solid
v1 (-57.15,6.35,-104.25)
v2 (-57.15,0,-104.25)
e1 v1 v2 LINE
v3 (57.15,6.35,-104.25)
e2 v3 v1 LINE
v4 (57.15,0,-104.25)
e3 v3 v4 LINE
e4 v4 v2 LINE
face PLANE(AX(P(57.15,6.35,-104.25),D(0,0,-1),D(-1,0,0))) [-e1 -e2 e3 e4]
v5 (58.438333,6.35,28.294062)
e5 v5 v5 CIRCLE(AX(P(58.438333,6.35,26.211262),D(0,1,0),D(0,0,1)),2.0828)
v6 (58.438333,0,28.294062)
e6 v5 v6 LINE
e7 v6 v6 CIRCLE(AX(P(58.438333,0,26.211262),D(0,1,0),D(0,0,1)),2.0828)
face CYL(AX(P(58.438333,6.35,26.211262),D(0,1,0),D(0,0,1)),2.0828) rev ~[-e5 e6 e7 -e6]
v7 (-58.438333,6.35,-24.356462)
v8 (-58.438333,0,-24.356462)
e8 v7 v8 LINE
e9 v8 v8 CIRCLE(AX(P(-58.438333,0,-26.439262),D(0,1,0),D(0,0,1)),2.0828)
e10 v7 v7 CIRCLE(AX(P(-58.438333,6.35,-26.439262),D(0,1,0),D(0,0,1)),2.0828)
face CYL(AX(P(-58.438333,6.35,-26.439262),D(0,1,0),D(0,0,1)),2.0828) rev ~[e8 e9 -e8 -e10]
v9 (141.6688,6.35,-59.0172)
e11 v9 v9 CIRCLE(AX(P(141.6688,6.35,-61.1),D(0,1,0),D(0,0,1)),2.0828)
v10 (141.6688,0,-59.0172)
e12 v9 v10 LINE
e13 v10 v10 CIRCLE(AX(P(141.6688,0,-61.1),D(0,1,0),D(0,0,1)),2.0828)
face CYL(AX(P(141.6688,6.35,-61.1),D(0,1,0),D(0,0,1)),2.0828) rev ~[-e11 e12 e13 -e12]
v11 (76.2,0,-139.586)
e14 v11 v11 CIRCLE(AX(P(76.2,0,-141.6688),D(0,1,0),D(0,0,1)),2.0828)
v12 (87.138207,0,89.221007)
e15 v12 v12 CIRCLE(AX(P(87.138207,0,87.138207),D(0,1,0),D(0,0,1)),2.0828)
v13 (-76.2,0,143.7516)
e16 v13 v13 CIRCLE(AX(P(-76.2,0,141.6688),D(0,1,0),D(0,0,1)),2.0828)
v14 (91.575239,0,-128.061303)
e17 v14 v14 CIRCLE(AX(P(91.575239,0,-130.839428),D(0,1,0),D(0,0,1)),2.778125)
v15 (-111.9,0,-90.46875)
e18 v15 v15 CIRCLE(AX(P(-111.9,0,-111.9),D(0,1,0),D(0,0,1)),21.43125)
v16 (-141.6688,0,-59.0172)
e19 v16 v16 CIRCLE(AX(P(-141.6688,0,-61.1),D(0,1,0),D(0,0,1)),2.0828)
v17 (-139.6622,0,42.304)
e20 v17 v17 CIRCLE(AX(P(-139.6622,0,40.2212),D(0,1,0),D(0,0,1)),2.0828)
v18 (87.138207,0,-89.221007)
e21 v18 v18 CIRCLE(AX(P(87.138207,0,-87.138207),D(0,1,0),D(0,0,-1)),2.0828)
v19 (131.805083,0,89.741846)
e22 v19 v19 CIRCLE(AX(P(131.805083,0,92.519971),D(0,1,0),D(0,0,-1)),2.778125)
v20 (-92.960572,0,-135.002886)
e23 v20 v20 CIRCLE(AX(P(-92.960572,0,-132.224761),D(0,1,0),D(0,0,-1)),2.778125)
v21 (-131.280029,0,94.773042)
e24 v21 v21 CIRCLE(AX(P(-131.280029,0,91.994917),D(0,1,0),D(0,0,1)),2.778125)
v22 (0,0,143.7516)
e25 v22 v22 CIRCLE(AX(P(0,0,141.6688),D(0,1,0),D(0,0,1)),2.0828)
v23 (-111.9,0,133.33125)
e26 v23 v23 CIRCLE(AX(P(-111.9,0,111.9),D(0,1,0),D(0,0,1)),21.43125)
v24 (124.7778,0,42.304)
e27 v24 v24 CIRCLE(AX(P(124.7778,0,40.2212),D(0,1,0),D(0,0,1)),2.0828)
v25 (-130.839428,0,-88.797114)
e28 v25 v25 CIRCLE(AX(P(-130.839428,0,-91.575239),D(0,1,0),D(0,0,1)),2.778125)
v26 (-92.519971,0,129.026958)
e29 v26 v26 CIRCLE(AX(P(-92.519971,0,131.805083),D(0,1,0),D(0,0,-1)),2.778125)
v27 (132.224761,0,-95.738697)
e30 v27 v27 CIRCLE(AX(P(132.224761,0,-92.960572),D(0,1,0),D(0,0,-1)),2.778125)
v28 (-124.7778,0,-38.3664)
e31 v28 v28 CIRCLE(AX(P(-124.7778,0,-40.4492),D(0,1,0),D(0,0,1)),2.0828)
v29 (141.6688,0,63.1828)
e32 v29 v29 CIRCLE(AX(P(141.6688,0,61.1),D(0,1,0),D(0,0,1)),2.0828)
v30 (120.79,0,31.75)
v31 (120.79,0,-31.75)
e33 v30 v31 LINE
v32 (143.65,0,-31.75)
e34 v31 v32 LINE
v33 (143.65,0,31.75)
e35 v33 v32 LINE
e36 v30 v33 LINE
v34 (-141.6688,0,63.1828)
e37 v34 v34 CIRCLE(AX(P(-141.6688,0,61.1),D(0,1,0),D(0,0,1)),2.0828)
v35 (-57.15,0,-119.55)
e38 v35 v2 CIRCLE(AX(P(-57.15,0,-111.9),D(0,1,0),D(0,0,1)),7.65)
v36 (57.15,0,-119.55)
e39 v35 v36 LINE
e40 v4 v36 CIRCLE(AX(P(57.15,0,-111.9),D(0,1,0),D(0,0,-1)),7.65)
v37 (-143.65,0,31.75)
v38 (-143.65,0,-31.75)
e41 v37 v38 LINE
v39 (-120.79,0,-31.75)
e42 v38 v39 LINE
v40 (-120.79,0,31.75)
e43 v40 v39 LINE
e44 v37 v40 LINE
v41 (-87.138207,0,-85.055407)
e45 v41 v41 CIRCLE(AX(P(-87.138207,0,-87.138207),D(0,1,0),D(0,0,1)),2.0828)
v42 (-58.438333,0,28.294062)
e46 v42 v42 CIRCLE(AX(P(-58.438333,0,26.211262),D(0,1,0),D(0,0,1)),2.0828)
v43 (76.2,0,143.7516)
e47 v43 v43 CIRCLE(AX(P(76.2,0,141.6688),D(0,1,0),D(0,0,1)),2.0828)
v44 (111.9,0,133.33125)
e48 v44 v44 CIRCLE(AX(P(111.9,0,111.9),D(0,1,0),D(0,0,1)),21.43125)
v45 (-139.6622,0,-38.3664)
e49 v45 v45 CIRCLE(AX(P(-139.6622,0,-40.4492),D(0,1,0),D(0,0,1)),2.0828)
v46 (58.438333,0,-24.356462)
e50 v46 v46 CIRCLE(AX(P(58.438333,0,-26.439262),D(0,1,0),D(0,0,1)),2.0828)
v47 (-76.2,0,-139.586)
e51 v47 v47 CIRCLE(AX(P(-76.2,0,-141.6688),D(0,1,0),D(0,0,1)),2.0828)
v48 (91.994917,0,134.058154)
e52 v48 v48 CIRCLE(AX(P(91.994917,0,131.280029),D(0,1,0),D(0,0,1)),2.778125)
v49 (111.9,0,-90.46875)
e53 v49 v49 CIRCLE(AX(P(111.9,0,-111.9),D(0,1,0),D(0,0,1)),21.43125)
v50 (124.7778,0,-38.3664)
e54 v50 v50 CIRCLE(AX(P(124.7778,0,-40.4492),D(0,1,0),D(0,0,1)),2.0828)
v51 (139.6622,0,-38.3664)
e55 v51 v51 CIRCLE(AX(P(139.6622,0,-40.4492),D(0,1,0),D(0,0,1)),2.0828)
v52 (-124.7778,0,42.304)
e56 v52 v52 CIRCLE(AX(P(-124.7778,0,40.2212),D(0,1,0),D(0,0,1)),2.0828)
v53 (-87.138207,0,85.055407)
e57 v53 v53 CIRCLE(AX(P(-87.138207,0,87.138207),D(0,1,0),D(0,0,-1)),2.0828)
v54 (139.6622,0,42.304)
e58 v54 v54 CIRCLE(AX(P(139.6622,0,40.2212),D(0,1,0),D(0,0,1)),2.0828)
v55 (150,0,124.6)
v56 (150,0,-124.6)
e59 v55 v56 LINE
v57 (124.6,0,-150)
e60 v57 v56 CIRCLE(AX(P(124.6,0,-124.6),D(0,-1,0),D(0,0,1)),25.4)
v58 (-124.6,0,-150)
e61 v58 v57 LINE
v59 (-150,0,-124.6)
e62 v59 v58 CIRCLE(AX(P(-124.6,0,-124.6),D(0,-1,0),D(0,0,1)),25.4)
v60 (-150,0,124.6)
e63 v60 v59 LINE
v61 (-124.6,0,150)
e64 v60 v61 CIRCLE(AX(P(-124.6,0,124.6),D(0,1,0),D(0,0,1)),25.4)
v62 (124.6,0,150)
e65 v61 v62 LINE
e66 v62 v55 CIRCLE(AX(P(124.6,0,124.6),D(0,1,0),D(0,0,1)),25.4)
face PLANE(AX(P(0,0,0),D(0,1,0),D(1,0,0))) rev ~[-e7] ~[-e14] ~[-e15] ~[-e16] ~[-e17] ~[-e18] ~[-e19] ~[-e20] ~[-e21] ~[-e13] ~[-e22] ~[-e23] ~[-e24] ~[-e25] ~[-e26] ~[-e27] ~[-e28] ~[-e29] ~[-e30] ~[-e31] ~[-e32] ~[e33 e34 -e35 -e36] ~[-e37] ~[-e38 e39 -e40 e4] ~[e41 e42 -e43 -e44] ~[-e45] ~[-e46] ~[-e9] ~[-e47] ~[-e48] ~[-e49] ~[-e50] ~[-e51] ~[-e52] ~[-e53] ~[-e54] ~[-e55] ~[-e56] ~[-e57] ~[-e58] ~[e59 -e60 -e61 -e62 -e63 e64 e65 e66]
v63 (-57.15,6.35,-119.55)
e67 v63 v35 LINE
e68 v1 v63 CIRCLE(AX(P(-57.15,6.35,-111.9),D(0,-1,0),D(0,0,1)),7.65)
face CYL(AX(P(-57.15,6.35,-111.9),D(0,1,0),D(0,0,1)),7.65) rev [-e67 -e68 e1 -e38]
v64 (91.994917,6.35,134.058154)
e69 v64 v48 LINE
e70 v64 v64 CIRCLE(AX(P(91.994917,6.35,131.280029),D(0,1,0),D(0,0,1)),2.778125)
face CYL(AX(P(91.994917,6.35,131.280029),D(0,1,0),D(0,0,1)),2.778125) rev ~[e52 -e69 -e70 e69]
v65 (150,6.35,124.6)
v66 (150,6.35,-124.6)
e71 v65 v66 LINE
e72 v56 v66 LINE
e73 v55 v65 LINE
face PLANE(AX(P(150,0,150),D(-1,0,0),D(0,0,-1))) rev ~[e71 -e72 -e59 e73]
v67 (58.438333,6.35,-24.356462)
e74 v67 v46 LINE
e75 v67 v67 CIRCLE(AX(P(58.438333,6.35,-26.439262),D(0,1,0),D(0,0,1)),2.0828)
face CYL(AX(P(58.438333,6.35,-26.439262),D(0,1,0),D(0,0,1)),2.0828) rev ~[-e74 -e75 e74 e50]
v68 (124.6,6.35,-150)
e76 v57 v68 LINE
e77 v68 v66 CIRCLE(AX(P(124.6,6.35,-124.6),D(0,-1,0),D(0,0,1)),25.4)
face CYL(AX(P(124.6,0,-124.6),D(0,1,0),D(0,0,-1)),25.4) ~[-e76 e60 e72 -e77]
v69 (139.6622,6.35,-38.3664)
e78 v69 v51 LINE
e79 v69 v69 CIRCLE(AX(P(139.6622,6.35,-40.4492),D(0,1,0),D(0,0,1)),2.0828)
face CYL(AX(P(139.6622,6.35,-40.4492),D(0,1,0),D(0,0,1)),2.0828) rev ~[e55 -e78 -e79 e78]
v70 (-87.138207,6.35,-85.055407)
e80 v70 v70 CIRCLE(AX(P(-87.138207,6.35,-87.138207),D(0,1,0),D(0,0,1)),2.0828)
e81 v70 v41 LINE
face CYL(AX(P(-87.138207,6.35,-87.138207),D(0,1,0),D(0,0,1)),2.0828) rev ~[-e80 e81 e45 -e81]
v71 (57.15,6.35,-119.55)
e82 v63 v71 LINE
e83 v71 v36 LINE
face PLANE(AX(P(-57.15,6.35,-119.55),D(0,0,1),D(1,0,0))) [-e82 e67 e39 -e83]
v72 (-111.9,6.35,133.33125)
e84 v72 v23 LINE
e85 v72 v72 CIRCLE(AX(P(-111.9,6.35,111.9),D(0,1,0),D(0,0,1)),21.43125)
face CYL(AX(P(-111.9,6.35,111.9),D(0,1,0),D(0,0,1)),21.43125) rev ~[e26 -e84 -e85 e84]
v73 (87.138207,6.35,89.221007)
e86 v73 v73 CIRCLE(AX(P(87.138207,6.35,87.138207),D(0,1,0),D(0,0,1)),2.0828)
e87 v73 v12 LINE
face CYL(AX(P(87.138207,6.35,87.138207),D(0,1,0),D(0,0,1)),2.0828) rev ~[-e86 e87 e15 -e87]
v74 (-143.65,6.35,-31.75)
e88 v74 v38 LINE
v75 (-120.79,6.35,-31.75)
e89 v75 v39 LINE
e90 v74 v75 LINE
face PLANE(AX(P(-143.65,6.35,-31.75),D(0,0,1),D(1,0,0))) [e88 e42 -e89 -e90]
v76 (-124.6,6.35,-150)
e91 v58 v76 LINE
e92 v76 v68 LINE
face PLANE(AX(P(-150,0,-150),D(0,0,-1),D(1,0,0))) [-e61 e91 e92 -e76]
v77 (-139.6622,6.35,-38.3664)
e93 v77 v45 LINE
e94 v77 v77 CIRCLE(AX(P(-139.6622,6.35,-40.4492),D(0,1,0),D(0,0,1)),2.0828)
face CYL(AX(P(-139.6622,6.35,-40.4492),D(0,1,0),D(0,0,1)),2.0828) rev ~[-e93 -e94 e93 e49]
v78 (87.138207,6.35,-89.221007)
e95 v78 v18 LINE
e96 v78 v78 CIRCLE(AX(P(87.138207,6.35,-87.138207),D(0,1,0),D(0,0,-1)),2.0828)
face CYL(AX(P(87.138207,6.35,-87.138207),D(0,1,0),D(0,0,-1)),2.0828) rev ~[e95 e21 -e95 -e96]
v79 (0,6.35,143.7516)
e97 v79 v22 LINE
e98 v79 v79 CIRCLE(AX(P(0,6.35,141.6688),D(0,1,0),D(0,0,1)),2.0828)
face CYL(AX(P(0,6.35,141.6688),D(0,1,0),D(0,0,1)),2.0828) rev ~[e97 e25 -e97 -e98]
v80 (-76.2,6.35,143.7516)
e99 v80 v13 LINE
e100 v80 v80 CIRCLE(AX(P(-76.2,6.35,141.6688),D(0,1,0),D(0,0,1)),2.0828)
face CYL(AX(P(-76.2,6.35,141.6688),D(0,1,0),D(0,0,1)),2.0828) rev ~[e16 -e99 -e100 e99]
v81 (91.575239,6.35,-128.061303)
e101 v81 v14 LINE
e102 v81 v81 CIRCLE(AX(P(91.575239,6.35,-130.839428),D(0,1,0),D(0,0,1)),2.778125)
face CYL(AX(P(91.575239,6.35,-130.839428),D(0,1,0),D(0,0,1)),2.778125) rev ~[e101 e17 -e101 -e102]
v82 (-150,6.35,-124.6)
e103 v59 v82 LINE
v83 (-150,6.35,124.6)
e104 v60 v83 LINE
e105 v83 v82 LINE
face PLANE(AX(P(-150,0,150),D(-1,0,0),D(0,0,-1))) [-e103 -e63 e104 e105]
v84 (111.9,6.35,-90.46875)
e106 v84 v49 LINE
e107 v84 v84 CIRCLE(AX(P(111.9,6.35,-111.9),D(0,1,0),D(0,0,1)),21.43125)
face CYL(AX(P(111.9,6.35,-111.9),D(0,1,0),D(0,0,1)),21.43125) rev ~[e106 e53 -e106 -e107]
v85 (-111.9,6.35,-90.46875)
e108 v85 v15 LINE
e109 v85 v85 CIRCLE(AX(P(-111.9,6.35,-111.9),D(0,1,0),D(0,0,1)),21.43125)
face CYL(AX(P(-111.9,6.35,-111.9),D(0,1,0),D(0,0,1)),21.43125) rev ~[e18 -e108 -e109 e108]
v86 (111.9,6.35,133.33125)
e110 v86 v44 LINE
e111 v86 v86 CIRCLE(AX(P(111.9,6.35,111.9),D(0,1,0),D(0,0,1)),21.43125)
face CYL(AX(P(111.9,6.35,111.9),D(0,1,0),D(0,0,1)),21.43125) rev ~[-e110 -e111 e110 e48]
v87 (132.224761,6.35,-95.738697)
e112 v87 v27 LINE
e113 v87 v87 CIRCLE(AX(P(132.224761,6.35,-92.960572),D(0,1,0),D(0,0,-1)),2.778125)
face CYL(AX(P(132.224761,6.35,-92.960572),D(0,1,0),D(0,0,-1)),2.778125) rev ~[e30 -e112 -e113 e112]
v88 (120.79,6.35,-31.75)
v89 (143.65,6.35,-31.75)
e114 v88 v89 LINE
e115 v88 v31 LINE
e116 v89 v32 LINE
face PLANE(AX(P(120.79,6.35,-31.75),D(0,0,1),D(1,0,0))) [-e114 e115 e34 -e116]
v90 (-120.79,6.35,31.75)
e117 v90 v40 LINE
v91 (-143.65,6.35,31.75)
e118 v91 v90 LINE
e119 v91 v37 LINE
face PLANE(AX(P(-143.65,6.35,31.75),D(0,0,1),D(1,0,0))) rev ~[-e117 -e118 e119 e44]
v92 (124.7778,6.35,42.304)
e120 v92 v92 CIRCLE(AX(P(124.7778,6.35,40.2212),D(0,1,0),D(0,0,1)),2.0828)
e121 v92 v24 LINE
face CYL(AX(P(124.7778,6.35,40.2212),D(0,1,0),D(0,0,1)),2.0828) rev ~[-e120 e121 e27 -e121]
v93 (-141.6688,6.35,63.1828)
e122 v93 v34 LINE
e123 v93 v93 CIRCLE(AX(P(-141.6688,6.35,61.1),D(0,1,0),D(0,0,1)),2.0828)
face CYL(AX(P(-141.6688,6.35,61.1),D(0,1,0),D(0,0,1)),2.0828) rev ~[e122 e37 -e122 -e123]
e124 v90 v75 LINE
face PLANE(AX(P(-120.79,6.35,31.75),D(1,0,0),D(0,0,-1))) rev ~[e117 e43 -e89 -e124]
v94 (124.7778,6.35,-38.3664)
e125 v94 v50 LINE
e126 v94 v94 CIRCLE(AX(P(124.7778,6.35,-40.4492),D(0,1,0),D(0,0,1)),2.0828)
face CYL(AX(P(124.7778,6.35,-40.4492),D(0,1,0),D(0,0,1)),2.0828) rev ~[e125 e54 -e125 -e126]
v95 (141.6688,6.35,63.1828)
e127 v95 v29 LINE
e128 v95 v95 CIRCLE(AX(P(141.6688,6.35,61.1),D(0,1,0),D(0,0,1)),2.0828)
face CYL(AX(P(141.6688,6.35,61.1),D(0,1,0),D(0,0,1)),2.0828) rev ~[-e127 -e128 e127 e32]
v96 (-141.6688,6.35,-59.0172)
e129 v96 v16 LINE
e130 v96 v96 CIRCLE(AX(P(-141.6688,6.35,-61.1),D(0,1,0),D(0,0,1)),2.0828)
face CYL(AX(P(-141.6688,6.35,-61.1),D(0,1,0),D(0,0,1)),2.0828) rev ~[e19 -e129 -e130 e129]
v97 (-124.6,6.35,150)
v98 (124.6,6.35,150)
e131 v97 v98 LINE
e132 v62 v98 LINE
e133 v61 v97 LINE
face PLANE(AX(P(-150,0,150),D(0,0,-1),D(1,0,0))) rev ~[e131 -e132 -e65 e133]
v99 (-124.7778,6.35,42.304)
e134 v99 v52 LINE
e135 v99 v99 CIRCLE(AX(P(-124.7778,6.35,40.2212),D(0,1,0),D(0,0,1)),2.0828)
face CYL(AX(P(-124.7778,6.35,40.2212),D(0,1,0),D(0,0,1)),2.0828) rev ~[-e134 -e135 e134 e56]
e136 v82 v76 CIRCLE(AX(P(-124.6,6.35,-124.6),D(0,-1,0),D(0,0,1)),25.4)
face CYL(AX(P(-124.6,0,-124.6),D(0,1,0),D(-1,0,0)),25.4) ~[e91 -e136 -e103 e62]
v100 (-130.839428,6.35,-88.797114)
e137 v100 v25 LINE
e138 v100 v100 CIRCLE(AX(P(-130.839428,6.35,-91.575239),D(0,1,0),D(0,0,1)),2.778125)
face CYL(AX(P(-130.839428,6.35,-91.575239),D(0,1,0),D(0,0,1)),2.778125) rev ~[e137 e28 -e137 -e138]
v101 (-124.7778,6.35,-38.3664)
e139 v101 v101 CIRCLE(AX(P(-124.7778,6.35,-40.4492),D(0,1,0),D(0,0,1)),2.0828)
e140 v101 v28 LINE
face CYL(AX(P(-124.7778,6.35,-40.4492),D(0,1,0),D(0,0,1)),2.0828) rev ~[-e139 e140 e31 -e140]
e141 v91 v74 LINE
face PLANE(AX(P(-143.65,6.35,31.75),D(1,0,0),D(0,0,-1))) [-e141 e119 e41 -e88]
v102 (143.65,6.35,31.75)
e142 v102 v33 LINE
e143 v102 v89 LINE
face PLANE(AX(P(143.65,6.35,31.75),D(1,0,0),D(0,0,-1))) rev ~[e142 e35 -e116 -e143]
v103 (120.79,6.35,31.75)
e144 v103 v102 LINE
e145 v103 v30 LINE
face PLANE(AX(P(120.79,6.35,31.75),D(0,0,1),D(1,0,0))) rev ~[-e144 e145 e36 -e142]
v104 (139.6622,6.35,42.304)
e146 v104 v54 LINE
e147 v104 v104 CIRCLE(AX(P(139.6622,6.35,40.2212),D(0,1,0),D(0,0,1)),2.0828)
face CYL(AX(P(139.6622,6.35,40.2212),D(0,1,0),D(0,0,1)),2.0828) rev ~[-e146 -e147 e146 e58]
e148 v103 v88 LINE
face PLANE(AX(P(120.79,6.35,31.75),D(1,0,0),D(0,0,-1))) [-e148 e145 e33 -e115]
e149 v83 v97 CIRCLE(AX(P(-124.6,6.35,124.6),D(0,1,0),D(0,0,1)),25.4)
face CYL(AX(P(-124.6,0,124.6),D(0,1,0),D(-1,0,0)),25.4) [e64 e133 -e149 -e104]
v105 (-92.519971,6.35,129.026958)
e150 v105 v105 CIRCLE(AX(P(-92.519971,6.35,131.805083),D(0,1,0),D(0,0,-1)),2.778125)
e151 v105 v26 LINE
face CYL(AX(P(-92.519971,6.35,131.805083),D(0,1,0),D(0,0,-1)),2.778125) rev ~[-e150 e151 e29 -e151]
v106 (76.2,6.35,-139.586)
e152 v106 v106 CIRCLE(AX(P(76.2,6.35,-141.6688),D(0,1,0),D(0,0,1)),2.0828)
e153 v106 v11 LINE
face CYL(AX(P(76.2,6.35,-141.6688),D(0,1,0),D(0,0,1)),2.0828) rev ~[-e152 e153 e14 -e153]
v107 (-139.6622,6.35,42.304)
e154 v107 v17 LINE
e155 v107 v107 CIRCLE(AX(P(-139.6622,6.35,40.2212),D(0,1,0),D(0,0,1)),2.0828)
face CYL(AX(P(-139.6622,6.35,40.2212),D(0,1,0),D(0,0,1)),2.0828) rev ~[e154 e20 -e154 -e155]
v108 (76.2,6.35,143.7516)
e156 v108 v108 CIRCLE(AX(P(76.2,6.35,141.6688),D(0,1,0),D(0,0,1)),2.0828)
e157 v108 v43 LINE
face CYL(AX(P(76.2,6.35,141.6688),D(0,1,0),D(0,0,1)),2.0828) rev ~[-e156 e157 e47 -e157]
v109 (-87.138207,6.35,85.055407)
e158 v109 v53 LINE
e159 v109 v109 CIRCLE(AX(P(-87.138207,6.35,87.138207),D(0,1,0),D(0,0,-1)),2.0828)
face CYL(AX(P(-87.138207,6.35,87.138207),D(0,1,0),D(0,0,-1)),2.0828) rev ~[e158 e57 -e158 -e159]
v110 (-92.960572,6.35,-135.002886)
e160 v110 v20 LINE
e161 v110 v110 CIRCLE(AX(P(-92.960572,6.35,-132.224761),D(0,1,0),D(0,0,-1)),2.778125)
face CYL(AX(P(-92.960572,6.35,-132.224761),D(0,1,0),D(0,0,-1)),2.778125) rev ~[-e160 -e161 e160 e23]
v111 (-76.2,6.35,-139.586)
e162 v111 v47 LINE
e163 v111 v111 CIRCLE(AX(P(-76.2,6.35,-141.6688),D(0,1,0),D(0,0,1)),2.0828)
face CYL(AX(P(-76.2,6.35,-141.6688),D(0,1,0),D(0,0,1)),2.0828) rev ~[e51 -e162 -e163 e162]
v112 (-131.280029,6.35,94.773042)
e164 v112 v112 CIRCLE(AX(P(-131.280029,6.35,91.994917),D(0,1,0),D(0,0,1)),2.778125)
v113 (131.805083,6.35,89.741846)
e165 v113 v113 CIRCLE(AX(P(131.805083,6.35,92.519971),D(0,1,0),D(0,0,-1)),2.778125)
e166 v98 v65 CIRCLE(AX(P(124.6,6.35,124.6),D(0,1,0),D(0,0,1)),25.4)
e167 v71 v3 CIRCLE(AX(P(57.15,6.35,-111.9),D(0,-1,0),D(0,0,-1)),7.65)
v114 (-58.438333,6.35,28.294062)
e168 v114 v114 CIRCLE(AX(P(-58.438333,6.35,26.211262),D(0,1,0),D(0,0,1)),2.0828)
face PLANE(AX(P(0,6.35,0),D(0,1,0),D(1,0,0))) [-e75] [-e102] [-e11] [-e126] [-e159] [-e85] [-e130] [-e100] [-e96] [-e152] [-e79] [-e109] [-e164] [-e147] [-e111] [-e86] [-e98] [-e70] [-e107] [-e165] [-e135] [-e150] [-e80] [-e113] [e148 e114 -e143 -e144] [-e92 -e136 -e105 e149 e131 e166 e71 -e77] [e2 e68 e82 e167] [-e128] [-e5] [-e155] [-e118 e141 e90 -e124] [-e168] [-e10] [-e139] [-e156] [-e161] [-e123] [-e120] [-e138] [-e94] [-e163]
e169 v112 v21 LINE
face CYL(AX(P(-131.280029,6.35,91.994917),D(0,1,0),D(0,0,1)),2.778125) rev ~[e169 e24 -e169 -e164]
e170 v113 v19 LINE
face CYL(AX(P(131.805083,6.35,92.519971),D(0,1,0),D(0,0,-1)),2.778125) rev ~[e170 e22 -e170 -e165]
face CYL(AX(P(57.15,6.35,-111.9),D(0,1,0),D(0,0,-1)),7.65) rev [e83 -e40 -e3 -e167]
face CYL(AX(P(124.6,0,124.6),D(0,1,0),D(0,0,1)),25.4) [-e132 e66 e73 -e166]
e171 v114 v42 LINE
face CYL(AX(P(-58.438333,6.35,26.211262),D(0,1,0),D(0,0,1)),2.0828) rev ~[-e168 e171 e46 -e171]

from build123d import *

# Parameters (mm, degrees)
SKETCH1_W           = 300
SKETCH1_H           = 300
BOSS_EXTRUDE1_DEPTH = 6.35
SKETCH2_R           = 2.0828
SKETCH2_R_2         = 2.778125
SKETCH2_R_3         = 21.43125
SKETCH2_W           = 22.86
SKETCH2_H           = 63.5
CUT_EXTRUDE1_DEPTH  = 213.227054119
FILLET1_R           = 25.4


with BuildPart() as part:
    # Sketch1 → Boss-Extrude1 (new body)
    with BuildSketch(Plane(origin=(0, 0, 0), x_dir=(1, 0, 0), z_dir=(0, 1, 0))):
        Rectangle(SKETCH1_W, SKETCH1_H)
    extrude(amount=BOSS_EXTRUDE1_DEPTH)

    # Sketch2 → Cut-Extrude1 (cut, through all)
    with BuildSketch(Plane(origin=(0, 6.35, 0), x_dir=(1, 0, 0), z_dir=(0, 1, 0))):
        with Locations(Location((-87.138207153, 87.138207153, 0), (0, 0, 270))):
            Circle(SKETCH2_R)
        with Locations(Location((87.138207153, 87.138207153, 0), (0, 0, 90))):
            Circle(SKETCH2_R)
        with Locations(Location((87.138207153, -87.138207153, 0), (0, 0, 270))):
            Circle(SKETCH2_R)
        with Locations(Location((-87.138207153, -87.138207153, 0), (0, 0, 90))):
            Circle(SKETCH2_R)
        with Locations(Location((-141.6688, 61.1, 0), (0, 0, 270))):
            Circle(SKETCH2_R)
        with Locations(Location((-141.6688, -61.1, 0), (0, 0, 270))):
            Circle(SKETCH2_R)
        with Locations(Location((-76.2, -141.6688, 0), (0, 0, 270))):
            Circle(SKETCH2_R)
        with Locations(Location((76.2, -141.6688, 0), (0, 0, 270))):
            Circle(SKETCH2_R)
        with Locations(Location((0, -141.6688, 0), (0, 0, 270))):
            Circle(SKETCH2_R)
        with Locations(Location((-76.2, 141.6688, 0), (0, 0, 270))):
            Circle(SKETCH2_R)
        with Locations(Location((76.2, 141.6688, 0), (0, 0, 270))):
            Circle(SKETCH2_R)
        with Locations(Location((141.6688, 61.1, 0), (0, 0, 270))):
            Circle(SKETCH2_R)
        with Locations(Location((141.6688, -61.1, 0), (0, 0, 270))):
            Circle(SKETCH2_R)
        with Locations(Location((-139.6622, 40.4492, 0), (0, 0, 270))):
            Circle(SKETCH2_R)
        with Locations(Location((-124.7778, 40.4492, 0), (0, 0, 270))):
            Circle(SKETCH2_R)
        with Locations(Location((-139.6622, -40.2212, 0), (0, 0, 270))):
            Circle(SKETCH2_R)
        with Locations(Location((-124.7778, -40.2212, 0), (0, 0, 270))):
            Circle(SKETCH2_R)
        with Locations(Location((124.7778, 40.4492, 0), (0, 0, 270))):
            Circle(SKETCH2_R)
        with Locations(Location((139.6622, 40.4492, 0), (0, 0, 270))):
            Circle(SKETCH2_R)
        with Locations(Location((124.7778, -40.2212, 0), (0, 0, 270))):
            Circle(SKETCH2_R)
        with Locations(Location((139.6622, -40.2212, 0), (0, 0, 270))):
            Circle(SKETCH2_R)
        with Locations(Location((-58.438333333, 26.439261833, 0), (0, 0, 270))):
            Circle(SKETCH2_R)
        with Locations(Location((-58.438333333, -26.211261833, 0), (0, 0, 270))):
            Circle(SKETCH2_R)
        with Locations(Location((58.438333333, 26.439261833, 0), (0, 0, 270))):
            Circle(SKETCH2_R)
        with Locations(Location((58.438333333, -26.211261833, 0), (0, 0, 270))):
            Circle(SKETCH2_R)
        with Locations(Location((-131.28002933, -91.994917364, 0), (0, 0, 270))):
            Circle(SKETCH2_R_2)
        with Locations(Location((-111.9, -111.9, 0), (0, 0, 270))):
            Circle(SKETCH2_R_3)
        with Locations(Location((-92.51997067, -131.805082636, 0), (0, 0, 90))):
            Circle(SKETCH2_R_2)
        with Locations(Location((91.994917364, -131.28002933, 0), (0, 0, 270))):
            Circle(SKETCH2_R_2)
        with Locations(Location((111.9, -111.9, 0), (0, 0, 270))):
            Circle(SKETCH2_R_3)
        with Locations(Location((131.805082636, -92.51997067, 0), (0, 0, 90))):
            Circle(SKETCH2_R_2)
        with Locations(Location((91.575239032, 130.839428269, 0), (0, 0, 270))):
            Circle(SKETCH2_R_2)
        with Locations(Location((111.9, 111.9, 0), (0, 0, 270))):
            Circle(SKETCH2_R_3)
        with Locations(Location((132.224760968, 92.960571731, 0), (0, 0, 90))):
            Circle(SKETCH2_R_2)
        with Locations(Location((-130.839428269, 91.575239032, 0), (0, 0, 270))):
            Circle(SKETCH2_R_2)
        with Locations(Location((-111.9, 111.9, 0), (0, 0, 270))):
            Circle(SKETCH2_R_3)
        with Locations(Location((-92.960571731, 132.224760968, 0), (0, 0, 90))):
            Circle(SKETCH2_R_2)
        with BuildLine():
            Line((-57.15, 119.55), (57.15, 119.55))
            ThreePointArc((57.15, 119.55), (64.8, 111.9), (57.15, 104.25))
            Line((57.15, 104.25), (-57.15, 104.25))
            ThreePointArc((-57.15, 104.25), (-64.8, 111.9), (-57.15, 119.55))
        make_face()
        with Locations((132.22, 0)):
            Rectangle(SKETCH2_W, SKETCH2_H)
        with Locations((-132.219999948, 0)):
            Rectangle(SKETCH2_W, SKETCH2_H)
    extrude(amount=-CUT_EXTRUDE1_DEPTH, mode=Mode.SUBTRACT)

    # Fillet1
    fillet1_edges = [part.edges().sort_by_distance(p)[0] for p in [
        (150, 3.175, 150),
        (-150, 3.175, 150),
        (-150, 3.175, -150),
        (150, 3.175, -150),
    ]]
    fillet(fillet1_edges, radius=FILLET1_R)


solid = part.part
